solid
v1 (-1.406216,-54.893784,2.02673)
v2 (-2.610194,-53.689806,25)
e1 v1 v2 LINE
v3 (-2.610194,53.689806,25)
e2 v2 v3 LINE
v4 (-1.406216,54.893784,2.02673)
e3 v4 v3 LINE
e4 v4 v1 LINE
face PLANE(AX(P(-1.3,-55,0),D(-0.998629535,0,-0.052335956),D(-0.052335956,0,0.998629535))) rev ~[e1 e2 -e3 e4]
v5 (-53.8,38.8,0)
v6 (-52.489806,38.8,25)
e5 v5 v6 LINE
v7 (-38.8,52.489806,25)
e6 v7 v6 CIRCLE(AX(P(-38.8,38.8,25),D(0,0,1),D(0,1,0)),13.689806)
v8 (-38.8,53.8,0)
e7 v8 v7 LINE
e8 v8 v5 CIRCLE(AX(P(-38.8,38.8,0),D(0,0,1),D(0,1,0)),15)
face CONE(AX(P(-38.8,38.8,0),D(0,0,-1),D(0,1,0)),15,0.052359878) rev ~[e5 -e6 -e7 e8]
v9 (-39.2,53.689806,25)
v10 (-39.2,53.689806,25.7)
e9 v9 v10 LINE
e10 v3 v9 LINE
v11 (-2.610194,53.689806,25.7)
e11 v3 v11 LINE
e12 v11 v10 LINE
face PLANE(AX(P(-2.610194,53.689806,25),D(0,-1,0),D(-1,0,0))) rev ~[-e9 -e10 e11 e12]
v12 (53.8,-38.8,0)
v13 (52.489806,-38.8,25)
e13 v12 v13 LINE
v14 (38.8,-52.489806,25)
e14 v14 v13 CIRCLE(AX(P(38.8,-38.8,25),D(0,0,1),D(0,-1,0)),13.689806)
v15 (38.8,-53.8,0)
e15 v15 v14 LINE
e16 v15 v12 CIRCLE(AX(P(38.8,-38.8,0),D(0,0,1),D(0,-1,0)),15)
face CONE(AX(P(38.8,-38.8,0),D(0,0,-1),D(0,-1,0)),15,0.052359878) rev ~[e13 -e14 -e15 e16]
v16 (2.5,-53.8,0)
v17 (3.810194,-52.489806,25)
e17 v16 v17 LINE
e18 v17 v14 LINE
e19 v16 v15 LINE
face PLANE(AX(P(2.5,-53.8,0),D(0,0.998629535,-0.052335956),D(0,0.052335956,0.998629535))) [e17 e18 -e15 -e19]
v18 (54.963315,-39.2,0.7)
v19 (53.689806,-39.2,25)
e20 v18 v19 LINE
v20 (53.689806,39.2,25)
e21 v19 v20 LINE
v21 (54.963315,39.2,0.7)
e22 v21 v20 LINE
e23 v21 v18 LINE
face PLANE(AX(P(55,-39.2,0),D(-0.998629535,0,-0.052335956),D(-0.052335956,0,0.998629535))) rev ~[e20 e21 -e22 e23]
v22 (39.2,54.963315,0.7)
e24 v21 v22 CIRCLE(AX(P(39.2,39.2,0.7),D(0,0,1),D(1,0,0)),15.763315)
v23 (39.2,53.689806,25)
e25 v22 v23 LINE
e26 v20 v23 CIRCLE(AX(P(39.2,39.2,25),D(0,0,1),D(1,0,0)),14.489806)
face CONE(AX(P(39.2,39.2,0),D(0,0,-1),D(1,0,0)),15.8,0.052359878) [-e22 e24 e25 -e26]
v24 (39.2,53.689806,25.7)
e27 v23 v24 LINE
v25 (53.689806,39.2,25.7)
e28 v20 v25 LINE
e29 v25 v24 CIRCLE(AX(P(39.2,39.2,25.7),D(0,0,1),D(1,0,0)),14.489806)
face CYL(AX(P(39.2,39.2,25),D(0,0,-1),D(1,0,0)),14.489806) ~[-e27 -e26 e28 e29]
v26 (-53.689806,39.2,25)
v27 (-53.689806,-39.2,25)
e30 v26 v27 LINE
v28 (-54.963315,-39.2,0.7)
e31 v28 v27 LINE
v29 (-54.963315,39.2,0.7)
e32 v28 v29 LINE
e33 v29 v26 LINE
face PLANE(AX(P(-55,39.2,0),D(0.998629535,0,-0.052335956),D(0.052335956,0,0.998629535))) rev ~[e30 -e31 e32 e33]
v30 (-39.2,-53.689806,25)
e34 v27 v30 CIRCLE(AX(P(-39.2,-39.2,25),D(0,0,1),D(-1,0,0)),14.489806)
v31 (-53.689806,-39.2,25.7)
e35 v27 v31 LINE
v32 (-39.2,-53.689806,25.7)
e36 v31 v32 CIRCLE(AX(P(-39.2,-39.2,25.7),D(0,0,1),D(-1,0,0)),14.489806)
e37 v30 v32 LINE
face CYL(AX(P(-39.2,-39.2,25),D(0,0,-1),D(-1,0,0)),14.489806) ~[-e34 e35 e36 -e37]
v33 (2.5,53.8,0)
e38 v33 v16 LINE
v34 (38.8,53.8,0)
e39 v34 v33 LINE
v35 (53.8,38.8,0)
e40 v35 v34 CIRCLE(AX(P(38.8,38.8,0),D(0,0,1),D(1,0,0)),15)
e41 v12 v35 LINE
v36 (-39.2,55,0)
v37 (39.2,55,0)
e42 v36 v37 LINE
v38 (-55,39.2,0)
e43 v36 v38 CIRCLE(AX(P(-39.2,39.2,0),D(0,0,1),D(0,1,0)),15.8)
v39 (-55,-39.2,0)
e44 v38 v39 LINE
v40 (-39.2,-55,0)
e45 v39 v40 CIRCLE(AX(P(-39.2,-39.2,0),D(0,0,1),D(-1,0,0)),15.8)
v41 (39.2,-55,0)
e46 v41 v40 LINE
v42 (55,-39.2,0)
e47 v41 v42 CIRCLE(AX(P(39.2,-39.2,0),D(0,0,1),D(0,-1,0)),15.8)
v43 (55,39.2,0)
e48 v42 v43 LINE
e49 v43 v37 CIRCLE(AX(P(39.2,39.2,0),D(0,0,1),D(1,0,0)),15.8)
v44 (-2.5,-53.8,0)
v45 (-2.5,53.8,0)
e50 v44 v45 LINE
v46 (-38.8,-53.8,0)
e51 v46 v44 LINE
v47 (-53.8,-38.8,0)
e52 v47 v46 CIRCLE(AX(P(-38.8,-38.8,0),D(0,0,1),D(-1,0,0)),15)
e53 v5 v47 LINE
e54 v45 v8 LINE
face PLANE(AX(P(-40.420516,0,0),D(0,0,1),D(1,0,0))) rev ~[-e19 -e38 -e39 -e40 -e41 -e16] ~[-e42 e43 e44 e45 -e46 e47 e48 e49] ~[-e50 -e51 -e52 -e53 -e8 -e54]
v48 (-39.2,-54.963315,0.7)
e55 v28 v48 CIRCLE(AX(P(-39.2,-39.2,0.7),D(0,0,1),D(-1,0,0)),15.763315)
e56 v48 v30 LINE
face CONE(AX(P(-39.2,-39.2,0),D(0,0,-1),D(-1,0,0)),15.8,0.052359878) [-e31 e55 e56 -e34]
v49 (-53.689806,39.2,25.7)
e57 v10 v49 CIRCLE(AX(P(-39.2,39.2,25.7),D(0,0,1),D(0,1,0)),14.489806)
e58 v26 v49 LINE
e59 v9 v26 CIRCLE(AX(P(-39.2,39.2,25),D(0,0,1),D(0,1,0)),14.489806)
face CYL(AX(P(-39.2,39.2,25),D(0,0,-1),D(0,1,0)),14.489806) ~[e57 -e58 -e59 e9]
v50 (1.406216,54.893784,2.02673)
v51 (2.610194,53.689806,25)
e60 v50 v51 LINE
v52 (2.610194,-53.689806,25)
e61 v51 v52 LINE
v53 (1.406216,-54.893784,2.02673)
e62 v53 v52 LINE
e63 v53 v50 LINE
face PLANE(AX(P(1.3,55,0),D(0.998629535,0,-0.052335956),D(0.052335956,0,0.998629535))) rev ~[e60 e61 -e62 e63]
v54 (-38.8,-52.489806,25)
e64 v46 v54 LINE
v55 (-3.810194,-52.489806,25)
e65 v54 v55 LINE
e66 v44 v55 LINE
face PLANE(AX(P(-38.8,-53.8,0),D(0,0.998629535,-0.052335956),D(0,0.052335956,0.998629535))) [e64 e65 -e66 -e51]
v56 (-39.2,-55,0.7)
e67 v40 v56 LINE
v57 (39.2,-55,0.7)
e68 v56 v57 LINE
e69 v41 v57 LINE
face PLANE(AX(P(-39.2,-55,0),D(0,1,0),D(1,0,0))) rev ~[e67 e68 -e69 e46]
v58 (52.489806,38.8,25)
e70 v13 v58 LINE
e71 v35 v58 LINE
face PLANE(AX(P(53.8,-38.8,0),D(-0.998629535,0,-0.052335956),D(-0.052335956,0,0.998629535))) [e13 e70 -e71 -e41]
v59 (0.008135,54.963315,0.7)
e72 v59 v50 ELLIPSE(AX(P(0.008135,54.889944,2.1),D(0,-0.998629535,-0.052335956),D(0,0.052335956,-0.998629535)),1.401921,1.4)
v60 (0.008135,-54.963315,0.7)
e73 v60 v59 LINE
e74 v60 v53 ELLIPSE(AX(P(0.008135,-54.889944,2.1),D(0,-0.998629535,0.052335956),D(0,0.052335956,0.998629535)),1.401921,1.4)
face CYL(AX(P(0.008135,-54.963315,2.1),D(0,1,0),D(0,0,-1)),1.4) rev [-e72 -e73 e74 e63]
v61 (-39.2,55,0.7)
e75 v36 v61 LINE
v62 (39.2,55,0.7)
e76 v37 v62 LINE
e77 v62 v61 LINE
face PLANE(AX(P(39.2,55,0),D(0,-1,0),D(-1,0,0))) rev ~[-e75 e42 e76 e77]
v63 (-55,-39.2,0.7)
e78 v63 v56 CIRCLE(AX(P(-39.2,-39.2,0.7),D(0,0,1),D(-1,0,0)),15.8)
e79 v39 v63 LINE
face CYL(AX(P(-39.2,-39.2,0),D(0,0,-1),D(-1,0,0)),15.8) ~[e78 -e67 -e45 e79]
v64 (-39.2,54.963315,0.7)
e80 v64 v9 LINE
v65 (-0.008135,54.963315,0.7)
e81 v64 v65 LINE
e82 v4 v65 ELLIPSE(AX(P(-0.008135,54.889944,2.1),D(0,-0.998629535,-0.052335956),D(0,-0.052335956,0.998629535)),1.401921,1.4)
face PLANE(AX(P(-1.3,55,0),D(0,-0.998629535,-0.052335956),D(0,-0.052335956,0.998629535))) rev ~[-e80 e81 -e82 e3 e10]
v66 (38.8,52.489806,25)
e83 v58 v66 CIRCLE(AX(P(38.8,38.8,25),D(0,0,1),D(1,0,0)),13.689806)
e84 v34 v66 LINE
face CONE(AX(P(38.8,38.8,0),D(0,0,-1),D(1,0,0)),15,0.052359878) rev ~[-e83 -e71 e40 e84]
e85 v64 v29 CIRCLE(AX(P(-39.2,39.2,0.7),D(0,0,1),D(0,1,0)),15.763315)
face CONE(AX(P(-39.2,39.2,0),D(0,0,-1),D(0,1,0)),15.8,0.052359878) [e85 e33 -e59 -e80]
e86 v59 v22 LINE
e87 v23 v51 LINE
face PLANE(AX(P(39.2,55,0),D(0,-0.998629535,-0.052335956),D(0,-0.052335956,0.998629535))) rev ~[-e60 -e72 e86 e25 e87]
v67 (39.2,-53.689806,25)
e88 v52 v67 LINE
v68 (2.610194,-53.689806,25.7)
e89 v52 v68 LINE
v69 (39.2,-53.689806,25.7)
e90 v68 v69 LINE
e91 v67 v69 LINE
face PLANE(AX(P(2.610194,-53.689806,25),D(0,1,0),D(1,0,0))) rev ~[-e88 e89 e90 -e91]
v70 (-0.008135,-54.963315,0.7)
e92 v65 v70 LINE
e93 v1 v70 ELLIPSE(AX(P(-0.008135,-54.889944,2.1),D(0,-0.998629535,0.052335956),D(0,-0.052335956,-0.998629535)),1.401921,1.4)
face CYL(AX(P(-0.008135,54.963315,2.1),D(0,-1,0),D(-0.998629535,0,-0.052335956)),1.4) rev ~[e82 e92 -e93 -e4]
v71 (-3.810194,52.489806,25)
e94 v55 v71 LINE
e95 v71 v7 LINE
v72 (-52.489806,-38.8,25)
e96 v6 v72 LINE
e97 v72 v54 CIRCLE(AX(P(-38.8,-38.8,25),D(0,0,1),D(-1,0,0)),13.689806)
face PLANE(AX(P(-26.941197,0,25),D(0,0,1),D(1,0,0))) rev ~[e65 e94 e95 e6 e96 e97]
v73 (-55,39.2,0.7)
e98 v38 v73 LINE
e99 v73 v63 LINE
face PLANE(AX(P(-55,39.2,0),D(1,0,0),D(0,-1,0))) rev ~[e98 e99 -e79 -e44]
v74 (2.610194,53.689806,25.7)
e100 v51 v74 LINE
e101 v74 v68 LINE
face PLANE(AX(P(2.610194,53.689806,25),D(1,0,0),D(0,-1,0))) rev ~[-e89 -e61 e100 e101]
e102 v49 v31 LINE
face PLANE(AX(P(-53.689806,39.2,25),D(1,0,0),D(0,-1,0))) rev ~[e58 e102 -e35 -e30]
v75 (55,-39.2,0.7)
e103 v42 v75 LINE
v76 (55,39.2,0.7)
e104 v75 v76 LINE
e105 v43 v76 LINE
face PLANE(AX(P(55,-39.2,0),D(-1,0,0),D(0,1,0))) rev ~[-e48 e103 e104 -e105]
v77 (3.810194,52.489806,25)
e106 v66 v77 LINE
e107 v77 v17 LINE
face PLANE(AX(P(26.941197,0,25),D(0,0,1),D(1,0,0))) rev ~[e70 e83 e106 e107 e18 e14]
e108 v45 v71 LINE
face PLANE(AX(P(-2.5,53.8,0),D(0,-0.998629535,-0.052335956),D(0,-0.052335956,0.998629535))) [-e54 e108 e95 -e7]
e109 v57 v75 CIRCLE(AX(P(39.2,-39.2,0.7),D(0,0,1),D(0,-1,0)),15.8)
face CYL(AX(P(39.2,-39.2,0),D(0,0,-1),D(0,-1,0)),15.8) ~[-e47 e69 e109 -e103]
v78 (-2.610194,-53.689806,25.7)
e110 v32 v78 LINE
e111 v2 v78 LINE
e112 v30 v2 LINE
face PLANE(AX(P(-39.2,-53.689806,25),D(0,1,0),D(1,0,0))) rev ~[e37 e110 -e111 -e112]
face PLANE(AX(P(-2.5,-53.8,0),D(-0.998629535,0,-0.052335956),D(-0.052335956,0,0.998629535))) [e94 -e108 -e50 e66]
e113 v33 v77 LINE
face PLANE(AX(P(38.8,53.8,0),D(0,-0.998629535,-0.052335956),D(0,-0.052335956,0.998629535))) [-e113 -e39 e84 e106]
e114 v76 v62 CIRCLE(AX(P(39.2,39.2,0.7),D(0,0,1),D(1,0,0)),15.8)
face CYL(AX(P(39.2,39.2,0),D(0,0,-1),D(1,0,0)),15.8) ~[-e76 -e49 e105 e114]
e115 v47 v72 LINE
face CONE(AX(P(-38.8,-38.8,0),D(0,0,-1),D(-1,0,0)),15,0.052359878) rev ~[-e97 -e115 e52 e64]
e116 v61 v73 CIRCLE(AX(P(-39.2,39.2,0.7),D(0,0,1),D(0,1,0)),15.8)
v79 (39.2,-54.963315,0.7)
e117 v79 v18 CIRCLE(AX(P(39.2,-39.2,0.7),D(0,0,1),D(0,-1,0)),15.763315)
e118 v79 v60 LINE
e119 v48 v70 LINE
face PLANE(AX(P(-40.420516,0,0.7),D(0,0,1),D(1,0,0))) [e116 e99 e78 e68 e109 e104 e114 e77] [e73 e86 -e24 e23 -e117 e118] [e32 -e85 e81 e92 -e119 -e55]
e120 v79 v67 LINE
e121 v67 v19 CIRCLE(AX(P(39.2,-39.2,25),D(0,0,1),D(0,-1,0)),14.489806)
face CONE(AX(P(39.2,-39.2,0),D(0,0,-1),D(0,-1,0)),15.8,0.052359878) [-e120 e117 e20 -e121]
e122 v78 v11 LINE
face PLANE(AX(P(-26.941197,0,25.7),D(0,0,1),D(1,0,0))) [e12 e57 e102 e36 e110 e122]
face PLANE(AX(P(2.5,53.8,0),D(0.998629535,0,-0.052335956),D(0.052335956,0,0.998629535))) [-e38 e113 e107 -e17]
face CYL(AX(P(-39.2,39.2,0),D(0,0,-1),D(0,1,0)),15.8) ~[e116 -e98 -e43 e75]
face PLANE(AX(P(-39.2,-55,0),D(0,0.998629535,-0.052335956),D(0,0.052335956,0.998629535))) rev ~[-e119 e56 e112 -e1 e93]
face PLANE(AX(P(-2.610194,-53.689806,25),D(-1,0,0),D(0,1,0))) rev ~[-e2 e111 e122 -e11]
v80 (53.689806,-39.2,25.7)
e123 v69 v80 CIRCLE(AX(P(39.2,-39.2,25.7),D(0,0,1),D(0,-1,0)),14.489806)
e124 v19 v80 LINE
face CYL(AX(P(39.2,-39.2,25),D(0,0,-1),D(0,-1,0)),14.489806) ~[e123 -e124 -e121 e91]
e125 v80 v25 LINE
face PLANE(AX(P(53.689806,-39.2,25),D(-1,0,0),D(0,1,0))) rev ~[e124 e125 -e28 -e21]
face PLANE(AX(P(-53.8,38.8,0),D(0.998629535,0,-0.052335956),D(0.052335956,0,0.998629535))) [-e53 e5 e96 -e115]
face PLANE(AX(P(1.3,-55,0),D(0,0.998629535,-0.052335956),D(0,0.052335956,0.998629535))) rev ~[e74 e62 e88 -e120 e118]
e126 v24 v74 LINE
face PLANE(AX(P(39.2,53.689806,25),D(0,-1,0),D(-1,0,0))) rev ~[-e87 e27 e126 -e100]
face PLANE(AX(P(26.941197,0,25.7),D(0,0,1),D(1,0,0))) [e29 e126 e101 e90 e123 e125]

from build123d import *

# Parameters (mm, degrees)
F0_W     = 1.2
F0_H     = 1.2
F0_W_2   = 2.6
F0_H_2   = 107.6
F1_DEPTH = 0.7
F2_DEPTH = 25
F2_TAPER = 3
F3_DEPTH = 25
F3_TAPER = 3
F5_DEPTH = 0.7
F7_DEPTH = 0.7
F8_R     = 1.4


with BuildPart() as f1:
    # F0 (on Top) → F1 (new body)
    with BuildSketch(Plane.XY):
        with BuildLine():
            Line((-2.5, 55), (-39.2, 55))
            ThreePointArc((-39.2, 55), (-50.3722871427, 50.3722871427), (-55, 39.2))
            Line((-55, 39.2), (-55, -39.2))
            ThreePointArc((-55, -39.2), (-50.3722871427, -50.3722871427), (-39.2, -55))
            Line((-39.2, -55), (-2.5, -55))
            Line((-2.5, -55), (-2.5, -53.8))
            Line((-2.5, -53.8), (-38.8, -53.8))
            ThreePointArc((-38.8, -53.8), (-49.4066017178, -49.4066017178), (-53.8, -38.8))
            Line((-53.8, -38.8), (-53.8, 38.8))
            ThreePointArc((-53.8, 38.8), (-49.4066017178, 49.4066017178), (-38.8, 53.8))
            Line((-38.8, 53.8), (-2.5, 53.8))
            Line((-2.5, 53.8), (-2.5, 55))
        make_face()
        with Locations((-1.9, 54.4)):
            Rectangle(F0_W, F0_H)
        with Locations((0, 54.4)):
            Rectangle(F0_W_2, F0_H)
        with Locations((1.9, 54.4)):
            Rectangle(F0_W, F0_H)
        with BuildLine():
            Line((39.2, 55), (2.5, 55))
            Line((2.5, 55), (2.5, 53.8))
            Line((2.5, 53.8), (38.8, 53.8))
            ThreePointArc((38.8, 53.8), (49.4066017178, 49.4066017178), (53.8, 38.8))
            Line((53.8, 38.8), (53.8, -38.8))
            ThreePointArc((53.8, -38.8), (49.4066017178, -49.4066017178), (38.8, -53.8))
            Line((38.8, -53.8), (2.5, -53.8))
            Line((2.5, -53.8), (2.5, -55))
            Line((2.5, -55), (39.2, -55))
            ThreePointArc((39.2, -55), (50.3722871427, -50.3722871427), (55, -39.2))
            Line((55, -39.2), (55, 39.2))
            ThreePointArc((55, 39.2), (50.3722871427, 50.3722871427), (39.2, 55))
        make_face()
        with Locations((-1.9, -54.4)):
            Rectangle(F0_W, F0_H)
        with Locations((-1.9, 0)):
            Rectangle(F0_W, F0_H_2)
        with Locations((1.9, 0)):
            Rectangle(F0_W, F0_H_2)
        with Locations((0, -54.4)):
            Rectangle(F0_W_2, F0_H)
        Rectangle(F0_W_2, F0_H_2)
        with Locations((1.9, -54.4)):
            Rectangle(F0_W, F0_H)
    extrude(amount=F1_DEPTH)

    # F0 (on Top) → F2 (join)
    with BuildSketch(Plane.XY):
        with Locations((1.9, 54.4)):
            Rectangle(F0_W, F0_H)
        with Locations((1.9, -54.4)):
            Rectangle(F0_W, F0_H)
        with Locations((1.9, 0)):
            Rectangle(F0_W, F0_H_2)
        with BuildLine():
            Line((39.2, 55), (2.5, 55))
            Line((2.5, 55), (2.5, 53.8))
            Line((2.5, 53.8), (38.8, 53.8))
            ThreePointArc((38.8, 53.8), (49.4066017178, 49.4066017178), (53.8, 38.8))
            Line((53.8, 38.8), (53.8, -38.8))
            ThreePointArc((53.8, -38.8), (49.4066017178, -49.4066017178), (38.8, -53.8))
            Line((38.8, -53.8), (2.5, -53.8))
            Line((2.5, -53.8), (2.5, -55))
            Line((2.5, -55), (39.2, -55))
            ThreePointArc((39.2, -55), (50.3722871427, -50.3722871427), (55, -39.2))
            Line((55, -39.2), (55, 39.2))
            ThreePointArc((55, 39.2), (50.3722871427, 50.3722871427), (39.2, 55))
        make_face()
        with BuildLine():
            Line((38.8, 53.8), (2.5, 53.8))
            Line((2.5, 53.8), (2.5, -53.8))
            Line((2.5, -53.8), (38.8, -53.8))
            ThreePointArc((38.8, -53.8), (49.4066017178, -49.4066017178), (53.8, -38.8))
            Line((53.8, -38.8), (53.8, 38.8))
            ThreePointArc((53.8, 38.8), (49.4066017178, 49.4066017178), (38.8, 53.8))
        make_face()
        with Locations((-1.9, 0)):
            Rectangle(F0_W, F0_H_2)
        with Locations((-1.9, -54.4)):
            Rectangle(F0_W, F0_H)
        with BuildLine():
            Line((-2.5, 55), (-39.2, 55))
            ThreePointArc((-39.2, 55), (-50.3722871427, 50.3722871427), (-55, 39.2))
            Line((-55, 39.2), (-55, -39.2))
            ThreePointArc((-55, -39.2), (-50.3722871427, -50.3722871427), (-39.2, -55))
            Line((-39.2, -55), (-2.5, -55))
            Line((-2.5, -55), (-2.5, -53.8))
            Line((-2.5, -53.8), (-38.8, -53.8))
            ThreePointArc((-38.8, -53.8), (-49.4066017178, -49.4066017178), (-53.8, -38.8))
            Line((-53.8, -38.8), (-53.8, 38.8))
            ThreePointArc((-53.8, 38.8), (-49.4066017178, 49.4066017178), (-38.8, 53.8))
            Line((-38.8, 53.8), (-2.5, 53.8))
            Line((-2.5, 53.8), (-2.5, 55))
        make_face()
        with Locations((-1.9, 54.4)):
            Rectangle(F0_W, F0_H)
        with BuildLine():
            Line((-2.5, -53.8), (-2.5, 53.8))
            Line((-2.5, 53.8), (-38.8, 53.8))
            ThreePointArc((-38.8, 53.8), (-49.4066017178, 49.4066017178), (-53.8, 38.8))
            Line((-53.8, 38.8), (-53.8, -38.8))
            ThreePointArc((-53.8, -38.8), (-49.4066017178, -49.4066017178), (-38.8, -53.8))
            Line((-38.8, -53.8), (-2.5, -53.8))
        make_face()
    extrude(amount=F2_DEPTH, taper=F2_TAPER)

    # F0 (on Top) → F3 (cut)
    with BuildSketch(Plane.XY):
        with BuildLine():
            Line((-2.5, -53.8), (-2.5, 53.8))
            Line((-2.5, 53.8), (-38.8, 53.8))
            ThreePointArc((-38.8, 53.8), (-49.4066017178, 49.4066017178), (-53.8, 38.8))
            Line((-53.8, 38.8), (-53.8, -38.8))
            ThreePointArc((-53.8, -38.8), (-49.4066017178, -49.4066017178), (-38.8, -53.8))
            Line((-38.8, -53.8), (-2.5, -53.8))
        make_face()
        with BuildLine():
            Line((38.8, 53.8), (2.5, 53.8))
            Line((2.5, 53.8), (2.5, -53.8))
            Line((2.5, -53.8), (38.8, -53.8))
            ThreePointArc((38.8, -53.8), (49.4066017178, -49.4066017178), (53.8, -38.8))
            Line((53.8, -38.8), (53.8, 38.8))
            ThreePointArc((53.8, 38.8), (49.4066017178, 49.4066017178), (38.8, 53.8))
        make_face()
    extrude(amount=F3_DEPTH, taper=F3_TAPER, mode=Mode.SUBTRACT)

    # F4 (on face) → F5 (join)
    with BuildSketch(Plane.XY.offset(25)):
        with BuildLine():
            Line((39.2, 53.6898055179), (2.6101944821, 53.6898055179))
            Line((2.6101944821, 53.6898055179), (2.6101944821, -53.6898055179))
            Line((2.6101944821, -53.6898055179), (39.2, -53.6898055179))
            ThreePointArc((39.2, -53.6898055179), (49.4458397398, -49.4458397398), (53.6898055179, -39.2))
            Line((53.6898055179, -39.2), (53.6898055179, 39.2))
            ThreePointArc((53.6898055179, 39.2), (49.4458397398, 49.4458397398), (39.2, 53.6898055179))
        make_face()
    extrude(amount=F5_DEPTH)

    # F6 (on face) → F7 (join)
    with BuildSketch(Plane.XY.offset(25)):
        with BuildLine():
            Line((-39.2, -53.6898055179), (-2.6101944821, -53.6898055179))
            Line((-2.6101944821, -53.6898055179), (-2.6101944821, 53.6898055179))
            Line((-2.6101944821, 53.6898055179), (-39.2, 53.6898055179))
            ThreePointArc((-39.2, 53.6898055179), (-49.4458397398, 49.4458397398), (-53.6898055179, 39.2))
            Line((-53.6898055179, 39.2), (-53.6898055179, -39.2))
            ThreePointArc((-53.6898055179, -39.2), (-49.4458397398, -49.4458397398), (-39.2, -53.6898055179))
        make_face()
    extrude(amount=F7_DEPTH)

    # F8
    f8_edges = [f1.edges().sort_by_distance(p)[0] for p in [
        (1.336685, 0, 0.7),
        (-1.336685, 0, 0.7),
    ]]
    fillet(f8_edges, radius=F8_R)


solid = f1.part
